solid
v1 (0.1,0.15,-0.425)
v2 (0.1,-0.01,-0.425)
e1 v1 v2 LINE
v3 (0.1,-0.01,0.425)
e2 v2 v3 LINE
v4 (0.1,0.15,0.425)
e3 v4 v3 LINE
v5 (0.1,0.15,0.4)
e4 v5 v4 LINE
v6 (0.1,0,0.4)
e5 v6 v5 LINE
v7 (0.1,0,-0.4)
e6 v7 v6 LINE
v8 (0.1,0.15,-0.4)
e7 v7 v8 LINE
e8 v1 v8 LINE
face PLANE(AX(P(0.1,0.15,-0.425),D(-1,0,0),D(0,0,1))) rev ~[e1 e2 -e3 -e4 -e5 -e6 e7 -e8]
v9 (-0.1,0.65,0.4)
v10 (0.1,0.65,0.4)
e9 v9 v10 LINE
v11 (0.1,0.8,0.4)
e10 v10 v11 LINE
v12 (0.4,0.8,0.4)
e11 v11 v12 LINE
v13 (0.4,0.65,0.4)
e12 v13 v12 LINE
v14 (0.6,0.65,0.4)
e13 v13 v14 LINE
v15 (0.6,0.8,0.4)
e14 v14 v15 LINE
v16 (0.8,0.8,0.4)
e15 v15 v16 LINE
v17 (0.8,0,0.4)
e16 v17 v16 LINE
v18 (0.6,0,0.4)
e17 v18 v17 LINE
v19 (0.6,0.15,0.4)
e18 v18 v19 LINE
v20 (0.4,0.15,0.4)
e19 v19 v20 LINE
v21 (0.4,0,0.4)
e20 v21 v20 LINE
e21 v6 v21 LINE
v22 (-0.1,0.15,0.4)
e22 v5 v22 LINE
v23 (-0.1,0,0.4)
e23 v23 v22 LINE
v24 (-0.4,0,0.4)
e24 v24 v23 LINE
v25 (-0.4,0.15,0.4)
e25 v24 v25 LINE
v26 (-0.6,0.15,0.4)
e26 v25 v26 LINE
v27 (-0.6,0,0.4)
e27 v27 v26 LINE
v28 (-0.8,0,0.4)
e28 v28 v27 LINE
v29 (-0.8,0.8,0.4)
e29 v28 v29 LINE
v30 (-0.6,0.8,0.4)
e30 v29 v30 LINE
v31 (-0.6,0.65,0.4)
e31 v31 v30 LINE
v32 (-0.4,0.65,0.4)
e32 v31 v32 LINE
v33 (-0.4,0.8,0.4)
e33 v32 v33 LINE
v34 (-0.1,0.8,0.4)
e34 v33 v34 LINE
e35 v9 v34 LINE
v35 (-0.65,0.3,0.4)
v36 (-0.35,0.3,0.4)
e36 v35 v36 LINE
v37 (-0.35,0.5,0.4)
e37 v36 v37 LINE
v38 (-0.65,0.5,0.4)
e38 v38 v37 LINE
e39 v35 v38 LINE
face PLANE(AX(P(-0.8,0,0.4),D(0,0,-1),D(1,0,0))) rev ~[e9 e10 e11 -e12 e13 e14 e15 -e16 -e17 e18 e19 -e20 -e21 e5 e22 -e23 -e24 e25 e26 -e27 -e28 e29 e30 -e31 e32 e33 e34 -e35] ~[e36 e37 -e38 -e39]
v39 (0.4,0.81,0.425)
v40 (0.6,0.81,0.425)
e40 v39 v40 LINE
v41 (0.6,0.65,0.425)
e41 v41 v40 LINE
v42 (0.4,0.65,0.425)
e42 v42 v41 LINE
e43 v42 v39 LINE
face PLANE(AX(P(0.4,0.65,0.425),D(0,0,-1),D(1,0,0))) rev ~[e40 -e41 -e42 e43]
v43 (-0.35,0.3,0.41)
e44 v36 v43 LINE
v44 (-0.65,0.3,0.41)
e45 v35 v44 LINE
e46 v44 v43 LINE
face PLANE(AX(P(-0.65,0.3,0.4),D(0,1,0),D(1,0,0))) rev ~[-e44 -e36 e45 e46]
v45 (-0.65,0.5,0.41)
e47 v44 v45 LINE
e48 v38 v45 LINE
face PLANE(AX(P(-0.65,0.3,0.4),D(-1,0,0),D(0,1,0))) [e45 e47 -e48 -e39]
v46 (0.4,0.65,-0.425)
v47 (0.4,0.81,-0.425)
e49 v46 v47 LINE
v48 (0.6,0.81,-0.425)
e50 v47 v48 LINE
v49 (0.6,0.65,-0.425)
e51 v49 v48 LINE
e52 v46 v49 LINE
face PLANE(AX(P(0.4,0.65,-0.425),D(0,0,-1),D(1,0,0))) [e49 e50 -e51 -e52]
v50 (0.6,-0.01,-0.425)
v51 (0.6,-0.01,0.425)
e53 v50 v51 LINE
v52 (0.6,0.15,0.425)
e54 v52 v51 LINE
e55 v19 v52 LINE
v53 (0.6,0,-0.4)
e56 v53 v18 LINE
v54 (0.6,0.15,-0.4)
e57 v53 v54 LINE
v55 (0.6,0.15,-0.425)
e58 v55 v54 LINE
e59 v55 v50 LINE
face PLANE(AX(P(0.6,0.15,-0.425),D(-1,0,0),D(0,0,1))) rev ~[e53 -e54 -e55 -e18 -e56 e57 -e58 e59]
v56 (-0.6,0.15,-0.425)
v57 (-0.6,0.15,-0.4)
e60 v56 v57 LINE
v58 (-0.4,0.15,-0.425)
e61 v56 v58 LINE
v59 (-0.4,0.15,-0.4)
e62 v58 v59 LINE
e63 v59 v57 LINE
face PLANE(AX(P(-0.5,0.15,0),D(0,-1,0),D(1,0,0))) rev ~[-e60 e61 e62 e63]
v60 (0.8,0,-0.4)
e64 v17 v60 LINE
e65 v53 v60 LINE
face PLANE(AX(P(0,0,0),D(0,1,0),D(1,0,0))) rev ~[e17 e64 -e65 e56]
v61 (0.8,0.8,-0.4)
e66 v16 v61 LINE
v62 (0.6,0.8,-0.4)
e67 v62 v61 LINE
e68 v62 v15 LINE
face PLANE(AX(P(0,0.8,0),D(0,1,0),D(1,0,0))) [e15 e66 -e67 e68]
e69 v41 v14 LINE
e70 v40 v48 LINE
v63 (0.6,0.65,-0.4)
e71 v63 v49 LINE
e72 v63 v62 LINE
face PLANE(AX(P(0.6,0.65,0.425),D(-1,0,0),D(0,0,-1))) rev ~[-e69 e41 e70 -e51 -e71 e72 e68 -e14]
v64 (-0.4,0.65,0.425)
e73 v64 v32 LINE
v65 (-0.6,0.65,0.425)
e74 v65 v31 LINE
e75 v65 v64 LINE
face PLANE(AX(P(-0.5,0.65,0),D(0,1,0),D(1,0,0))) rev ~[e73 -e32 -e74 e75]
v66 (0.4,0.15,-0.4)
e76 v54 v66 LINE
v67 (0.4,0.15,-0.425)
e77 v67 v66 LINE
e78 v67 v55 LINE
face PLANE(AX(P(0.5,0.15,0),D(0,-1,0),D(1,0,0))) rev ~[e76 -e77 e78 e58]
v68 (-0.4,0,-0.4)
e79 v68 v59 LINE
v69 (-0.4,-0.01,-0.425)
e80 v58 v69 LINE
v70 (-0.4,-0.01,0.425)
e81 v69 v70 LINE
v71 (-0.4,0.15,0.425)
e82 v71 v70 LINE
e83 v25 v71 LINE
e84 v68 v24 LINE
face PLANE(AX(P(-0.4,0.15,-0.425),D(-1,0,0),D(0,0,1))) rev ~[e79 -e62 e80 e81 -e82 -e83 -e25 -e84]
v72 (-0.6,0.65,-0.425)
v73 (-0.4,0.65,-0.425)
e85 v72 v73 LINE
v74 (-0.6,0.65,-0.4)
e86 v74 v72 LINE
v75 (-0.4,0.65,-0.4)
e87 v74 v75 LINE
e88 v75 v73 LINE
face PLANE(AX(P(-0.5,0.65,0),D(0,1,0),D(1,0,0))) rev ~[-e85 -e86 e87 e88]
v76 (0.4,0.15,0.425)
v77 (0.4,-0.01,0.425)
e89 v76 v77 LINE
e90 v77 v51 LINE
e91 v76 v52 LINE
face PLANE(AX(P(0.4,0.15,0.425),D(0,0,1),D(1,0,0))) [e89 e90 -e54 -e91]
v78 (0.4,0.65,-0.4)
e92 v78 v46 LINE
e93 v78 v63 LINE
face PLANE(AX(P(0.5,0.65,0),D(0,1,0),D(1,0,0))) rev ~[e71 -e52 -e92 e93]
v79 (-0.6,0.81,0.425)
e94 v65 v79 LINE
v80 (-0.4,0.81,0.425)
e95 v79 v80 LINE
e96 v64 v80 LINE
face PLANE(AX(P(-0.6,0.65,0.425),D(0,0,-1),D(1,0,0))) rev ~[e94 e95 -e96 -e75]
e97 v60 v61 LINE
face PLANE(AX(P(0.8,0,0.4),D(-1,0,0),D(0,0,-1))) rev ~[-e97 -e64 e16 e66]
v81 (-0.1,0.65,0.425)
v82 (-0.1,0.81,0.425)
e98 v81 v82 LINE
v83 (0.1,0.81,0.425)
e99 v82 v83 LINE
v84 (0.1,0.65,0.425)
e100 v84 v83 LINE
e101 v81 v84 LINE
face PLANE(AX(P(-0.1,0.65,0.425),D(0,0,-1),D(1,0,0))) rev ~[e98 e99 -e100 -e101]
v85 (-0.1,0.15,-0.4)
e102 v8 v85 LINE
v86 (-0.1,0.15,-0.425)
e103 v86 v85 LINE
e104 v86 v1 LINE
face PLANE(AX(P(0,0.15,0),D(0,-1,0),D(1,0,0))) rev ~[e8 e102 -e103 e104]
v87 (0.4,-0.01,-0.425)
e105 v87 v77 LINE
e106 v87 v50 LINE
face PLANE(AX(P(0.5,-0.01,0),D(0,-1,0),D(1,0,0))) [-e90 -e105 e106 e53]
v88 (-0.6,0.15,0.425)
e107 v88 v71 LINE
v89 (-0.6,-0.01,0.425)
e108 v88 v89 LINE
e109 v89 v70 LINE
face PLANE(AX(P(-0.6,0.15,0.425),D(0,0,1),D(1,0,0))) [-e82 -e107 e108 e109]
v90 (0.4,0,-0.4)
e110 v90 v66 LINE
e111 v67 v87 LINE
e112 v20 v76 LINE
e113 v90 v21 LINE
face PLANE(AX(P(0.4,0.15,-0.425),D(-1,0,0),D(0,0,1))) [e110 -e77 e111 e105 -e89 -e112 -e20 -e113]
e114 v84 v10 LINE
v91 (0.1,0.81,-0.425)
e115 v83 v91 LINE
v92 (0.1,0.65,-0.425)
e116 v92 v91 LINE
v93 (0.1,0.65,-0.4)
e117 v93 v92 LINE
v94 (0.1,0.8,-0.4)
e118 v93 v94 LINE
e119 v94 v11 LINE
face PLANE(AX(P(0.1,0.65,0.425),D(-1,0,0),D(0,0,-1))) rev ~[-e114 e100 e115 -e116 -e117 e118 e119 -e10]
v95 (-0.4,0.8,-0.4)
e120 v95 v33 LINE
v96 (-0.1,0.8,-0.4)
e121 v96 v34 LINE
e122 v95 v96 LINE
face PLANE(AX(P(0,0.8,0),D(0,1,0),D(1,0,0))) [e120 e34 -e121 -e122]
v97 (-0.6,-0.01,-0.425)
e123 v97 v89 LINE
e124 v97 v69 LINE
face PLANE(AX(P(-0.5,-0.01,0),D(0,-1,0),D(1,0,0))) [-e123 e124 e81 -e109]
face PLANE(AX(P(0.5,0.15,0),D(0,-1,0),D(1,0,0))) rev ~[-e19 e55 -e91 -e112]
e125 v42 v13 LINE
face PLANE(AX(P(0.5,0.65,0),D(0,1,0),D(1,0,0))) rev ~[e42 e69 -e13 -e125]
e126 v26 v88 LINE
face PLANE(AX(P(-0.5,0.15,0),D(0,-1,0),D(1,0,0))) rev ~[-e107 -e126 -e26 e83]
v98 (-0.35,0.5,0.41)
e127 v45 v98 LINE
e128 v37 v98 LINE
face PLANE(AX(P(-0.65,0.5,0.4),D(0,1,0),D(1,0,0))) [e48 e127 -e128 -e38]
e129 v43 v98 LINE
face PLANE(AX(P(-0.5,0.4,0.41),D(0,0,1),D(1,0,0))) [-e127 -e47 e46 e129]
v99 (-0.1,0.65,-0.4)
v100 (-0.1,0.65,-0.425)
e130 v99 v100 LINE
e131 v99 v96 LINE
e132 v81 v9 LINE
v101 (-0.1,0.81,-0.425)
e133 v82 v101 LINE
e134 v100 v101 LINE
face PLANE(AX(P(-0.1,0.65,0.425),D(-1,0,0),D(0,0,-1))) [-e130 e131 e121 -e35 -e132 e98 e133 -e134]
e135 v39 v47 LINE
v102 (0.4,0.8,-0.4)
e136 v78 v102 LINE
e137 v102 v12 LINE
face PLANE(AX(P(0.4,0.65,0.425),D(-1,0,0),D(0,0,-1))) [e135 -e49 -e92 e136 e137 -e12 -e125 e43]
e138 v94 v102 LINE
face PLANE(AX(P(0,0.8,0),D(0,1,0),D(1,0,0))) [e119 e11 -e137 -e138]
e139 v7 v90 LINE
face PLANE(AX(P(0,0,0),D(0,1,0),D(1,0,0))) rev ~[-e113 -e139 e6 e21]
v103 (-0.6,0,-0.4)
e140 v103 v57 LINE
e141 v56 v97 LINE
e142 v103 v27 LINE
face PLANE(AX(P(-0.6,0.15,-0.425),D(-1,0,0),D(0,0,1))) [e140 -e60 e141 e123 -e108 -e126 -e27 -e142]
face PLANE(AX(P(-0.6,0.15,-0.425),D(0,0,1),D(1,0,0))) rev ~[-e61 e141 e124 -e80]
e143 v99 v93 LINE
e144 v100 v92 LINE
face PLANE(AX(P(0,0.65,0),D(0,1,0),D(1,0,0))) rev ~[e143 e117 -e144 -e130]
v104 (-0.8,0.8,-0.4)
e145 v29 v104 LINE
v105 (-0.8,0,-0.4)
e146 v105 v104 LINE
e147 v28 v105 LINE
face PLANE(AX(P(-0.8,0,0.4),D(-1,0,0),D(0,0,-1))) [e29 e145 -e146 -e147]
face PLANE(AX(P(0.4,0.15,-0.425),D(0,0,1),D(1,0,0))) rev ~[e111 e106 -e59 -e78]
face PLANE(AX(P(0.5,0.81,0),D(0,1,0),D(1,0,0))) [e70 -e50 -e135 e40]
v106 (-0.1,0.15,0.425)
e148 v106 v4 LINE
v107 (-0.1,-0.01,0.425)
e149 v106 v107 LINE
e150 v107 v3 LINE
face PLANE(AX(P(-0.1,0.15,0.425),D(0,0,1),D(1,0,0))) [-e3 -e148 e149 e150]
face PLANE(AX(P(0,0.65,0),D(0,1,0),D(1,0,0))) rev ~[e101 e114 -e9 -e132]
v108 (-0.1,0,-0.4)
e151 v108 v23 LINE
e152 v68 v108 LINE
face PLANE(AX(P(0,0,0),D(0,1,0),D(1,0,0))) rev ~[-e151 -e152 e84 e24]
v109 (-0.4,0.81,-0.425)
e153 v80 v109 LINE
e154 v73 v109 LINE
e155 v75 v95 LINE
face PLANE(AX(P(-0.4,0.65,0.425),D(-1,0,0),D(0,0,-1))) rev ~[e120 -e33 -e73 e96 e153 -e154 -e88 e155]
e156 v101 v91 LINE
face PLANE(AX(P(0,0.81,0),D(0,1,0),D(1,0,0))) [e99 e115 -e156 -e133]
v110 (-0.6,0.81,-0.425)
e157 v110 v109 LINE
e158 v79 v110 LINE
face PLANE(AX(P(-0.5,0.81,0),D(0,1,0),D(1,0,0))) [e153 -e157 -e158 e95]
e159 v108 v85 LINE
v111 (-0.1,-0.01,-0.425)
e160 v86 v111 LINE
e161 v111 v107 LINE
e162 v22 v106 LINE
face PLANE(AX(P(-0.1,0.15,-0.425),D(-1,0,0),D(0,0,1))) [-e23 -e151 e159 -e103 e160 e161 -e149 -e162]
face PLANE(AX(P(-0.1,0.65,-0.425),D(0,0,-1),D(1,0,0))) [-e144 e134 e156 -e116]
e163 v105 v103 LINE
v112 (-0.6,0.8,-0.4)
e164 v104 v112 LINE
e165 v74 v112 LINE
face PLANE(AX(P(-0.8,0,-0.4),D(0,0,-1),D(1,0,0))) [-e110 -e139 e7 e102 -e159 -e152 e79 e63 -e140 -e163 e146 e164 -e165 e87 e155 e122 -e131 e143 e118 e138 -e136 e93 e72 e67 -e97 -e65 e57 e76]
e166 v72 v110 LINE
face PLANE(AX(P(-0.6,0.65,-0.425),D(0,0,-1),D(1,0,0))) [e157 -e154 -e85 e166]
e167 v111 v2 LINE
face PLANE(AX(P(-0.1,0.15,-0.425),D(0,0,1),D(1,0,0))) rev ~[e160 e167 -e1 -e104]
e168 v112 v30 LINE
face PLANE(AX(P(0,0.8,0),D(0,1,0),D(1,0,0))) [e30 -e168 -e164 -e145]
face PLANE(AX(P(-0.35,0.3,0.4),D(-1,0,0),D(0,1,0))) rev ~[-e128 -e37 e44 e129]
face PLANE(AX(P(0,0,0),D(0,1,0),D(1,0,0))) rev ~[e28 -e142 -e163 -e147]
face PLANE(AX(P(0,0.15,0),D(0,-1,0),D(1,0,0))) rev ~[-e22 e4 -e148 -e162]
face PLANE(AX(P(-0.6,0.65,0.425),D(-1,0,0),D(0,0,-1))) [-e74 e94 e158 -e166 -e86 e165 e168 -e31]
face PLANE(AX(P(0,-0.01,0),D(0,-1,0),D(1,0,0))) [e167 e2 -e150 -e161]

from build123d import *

# Parameters (mm, degrees)
SKETCH_1_W      = 1.6
SKETCH_1_H      = 0.8
EXTRUDE_1_DEPTH = 0.8
EXTRUDE_START   = -0.15
SKETCH_2_W      = 0.2
SKETCH_2_H      = 0.85
EXTRUDE_2_DEPTH = 0.16
SKETCH_3_W      = 0.2
SKETCH_3_H      = 0.85
EXTRUDE_3_DEPTH = 0.16
SKETCH_4_W      = 0.3
SKETCH_4_H      = 0.2
EXTRUDE_4_DEPTH = 0.01


with BuildPart() as part:
    # Эскиз1 → Бобышка-Вытянуть1 (new body)
    with BuildSketch(Plane(origin=(0, 0, 0), x_dir=(1, 0, 0), z_dir=(0, 1, 0))):
        Rectangle(SKETCH_1_W, SKETCH_1_H)
    extrude(amount=EXTRUDE_1_DEPTH)

    # Эскиз2 → Бобышка-Вытянуть2 (add)
    with BuildSketch(Plane(origin=(0, 0.8, 0), x_dir=(1, 0, 0), z_dir=(0, 1, 0)).offset(EXTRUDE_START)):
        with Locations((-0.5, 0)):
            Rectangle(SKETCH_2_W, SKETCH_2_H)
        Rectangle(SKETCH_2_W, SKETCH_2_H)
        with Locations((0.5, 0)):
            Rectangle(SKETCH_2_W, SKETCH_2_H)
    extrude(amount=EXTRUDE_2_DEPTH)

    # Эскиз3 → Бобышка-Вытянуть3 (add)
    with BuildSketch(Plane.XZ.offset(EXTRUDE_START)):
        with Locations((-0.5, 0)):
            Rectangle(SKETCH_3_W, SKETCH_3_H)
        Rectangle(SKETCH_3_W, SKETCH_3_H)
        with Locations((0.5, 0)):
            Rectangle(SKETCH_3_W, SKETCH_3_H)
    extrude(amount=EXTRUDE_3_DEPTH)

    # Эскиз4 → Бобышка-Вытянуть4 (add)
    with BuildSketch(Plane.XY.offset(0.4)):
        with Locations((-0.5, 0.4)):
            Rectangle(SKETCH_4_W, SKETCH_4_H)
    extrude(amount=EXTRUDE_4_DEPTH)


solid = part.part
